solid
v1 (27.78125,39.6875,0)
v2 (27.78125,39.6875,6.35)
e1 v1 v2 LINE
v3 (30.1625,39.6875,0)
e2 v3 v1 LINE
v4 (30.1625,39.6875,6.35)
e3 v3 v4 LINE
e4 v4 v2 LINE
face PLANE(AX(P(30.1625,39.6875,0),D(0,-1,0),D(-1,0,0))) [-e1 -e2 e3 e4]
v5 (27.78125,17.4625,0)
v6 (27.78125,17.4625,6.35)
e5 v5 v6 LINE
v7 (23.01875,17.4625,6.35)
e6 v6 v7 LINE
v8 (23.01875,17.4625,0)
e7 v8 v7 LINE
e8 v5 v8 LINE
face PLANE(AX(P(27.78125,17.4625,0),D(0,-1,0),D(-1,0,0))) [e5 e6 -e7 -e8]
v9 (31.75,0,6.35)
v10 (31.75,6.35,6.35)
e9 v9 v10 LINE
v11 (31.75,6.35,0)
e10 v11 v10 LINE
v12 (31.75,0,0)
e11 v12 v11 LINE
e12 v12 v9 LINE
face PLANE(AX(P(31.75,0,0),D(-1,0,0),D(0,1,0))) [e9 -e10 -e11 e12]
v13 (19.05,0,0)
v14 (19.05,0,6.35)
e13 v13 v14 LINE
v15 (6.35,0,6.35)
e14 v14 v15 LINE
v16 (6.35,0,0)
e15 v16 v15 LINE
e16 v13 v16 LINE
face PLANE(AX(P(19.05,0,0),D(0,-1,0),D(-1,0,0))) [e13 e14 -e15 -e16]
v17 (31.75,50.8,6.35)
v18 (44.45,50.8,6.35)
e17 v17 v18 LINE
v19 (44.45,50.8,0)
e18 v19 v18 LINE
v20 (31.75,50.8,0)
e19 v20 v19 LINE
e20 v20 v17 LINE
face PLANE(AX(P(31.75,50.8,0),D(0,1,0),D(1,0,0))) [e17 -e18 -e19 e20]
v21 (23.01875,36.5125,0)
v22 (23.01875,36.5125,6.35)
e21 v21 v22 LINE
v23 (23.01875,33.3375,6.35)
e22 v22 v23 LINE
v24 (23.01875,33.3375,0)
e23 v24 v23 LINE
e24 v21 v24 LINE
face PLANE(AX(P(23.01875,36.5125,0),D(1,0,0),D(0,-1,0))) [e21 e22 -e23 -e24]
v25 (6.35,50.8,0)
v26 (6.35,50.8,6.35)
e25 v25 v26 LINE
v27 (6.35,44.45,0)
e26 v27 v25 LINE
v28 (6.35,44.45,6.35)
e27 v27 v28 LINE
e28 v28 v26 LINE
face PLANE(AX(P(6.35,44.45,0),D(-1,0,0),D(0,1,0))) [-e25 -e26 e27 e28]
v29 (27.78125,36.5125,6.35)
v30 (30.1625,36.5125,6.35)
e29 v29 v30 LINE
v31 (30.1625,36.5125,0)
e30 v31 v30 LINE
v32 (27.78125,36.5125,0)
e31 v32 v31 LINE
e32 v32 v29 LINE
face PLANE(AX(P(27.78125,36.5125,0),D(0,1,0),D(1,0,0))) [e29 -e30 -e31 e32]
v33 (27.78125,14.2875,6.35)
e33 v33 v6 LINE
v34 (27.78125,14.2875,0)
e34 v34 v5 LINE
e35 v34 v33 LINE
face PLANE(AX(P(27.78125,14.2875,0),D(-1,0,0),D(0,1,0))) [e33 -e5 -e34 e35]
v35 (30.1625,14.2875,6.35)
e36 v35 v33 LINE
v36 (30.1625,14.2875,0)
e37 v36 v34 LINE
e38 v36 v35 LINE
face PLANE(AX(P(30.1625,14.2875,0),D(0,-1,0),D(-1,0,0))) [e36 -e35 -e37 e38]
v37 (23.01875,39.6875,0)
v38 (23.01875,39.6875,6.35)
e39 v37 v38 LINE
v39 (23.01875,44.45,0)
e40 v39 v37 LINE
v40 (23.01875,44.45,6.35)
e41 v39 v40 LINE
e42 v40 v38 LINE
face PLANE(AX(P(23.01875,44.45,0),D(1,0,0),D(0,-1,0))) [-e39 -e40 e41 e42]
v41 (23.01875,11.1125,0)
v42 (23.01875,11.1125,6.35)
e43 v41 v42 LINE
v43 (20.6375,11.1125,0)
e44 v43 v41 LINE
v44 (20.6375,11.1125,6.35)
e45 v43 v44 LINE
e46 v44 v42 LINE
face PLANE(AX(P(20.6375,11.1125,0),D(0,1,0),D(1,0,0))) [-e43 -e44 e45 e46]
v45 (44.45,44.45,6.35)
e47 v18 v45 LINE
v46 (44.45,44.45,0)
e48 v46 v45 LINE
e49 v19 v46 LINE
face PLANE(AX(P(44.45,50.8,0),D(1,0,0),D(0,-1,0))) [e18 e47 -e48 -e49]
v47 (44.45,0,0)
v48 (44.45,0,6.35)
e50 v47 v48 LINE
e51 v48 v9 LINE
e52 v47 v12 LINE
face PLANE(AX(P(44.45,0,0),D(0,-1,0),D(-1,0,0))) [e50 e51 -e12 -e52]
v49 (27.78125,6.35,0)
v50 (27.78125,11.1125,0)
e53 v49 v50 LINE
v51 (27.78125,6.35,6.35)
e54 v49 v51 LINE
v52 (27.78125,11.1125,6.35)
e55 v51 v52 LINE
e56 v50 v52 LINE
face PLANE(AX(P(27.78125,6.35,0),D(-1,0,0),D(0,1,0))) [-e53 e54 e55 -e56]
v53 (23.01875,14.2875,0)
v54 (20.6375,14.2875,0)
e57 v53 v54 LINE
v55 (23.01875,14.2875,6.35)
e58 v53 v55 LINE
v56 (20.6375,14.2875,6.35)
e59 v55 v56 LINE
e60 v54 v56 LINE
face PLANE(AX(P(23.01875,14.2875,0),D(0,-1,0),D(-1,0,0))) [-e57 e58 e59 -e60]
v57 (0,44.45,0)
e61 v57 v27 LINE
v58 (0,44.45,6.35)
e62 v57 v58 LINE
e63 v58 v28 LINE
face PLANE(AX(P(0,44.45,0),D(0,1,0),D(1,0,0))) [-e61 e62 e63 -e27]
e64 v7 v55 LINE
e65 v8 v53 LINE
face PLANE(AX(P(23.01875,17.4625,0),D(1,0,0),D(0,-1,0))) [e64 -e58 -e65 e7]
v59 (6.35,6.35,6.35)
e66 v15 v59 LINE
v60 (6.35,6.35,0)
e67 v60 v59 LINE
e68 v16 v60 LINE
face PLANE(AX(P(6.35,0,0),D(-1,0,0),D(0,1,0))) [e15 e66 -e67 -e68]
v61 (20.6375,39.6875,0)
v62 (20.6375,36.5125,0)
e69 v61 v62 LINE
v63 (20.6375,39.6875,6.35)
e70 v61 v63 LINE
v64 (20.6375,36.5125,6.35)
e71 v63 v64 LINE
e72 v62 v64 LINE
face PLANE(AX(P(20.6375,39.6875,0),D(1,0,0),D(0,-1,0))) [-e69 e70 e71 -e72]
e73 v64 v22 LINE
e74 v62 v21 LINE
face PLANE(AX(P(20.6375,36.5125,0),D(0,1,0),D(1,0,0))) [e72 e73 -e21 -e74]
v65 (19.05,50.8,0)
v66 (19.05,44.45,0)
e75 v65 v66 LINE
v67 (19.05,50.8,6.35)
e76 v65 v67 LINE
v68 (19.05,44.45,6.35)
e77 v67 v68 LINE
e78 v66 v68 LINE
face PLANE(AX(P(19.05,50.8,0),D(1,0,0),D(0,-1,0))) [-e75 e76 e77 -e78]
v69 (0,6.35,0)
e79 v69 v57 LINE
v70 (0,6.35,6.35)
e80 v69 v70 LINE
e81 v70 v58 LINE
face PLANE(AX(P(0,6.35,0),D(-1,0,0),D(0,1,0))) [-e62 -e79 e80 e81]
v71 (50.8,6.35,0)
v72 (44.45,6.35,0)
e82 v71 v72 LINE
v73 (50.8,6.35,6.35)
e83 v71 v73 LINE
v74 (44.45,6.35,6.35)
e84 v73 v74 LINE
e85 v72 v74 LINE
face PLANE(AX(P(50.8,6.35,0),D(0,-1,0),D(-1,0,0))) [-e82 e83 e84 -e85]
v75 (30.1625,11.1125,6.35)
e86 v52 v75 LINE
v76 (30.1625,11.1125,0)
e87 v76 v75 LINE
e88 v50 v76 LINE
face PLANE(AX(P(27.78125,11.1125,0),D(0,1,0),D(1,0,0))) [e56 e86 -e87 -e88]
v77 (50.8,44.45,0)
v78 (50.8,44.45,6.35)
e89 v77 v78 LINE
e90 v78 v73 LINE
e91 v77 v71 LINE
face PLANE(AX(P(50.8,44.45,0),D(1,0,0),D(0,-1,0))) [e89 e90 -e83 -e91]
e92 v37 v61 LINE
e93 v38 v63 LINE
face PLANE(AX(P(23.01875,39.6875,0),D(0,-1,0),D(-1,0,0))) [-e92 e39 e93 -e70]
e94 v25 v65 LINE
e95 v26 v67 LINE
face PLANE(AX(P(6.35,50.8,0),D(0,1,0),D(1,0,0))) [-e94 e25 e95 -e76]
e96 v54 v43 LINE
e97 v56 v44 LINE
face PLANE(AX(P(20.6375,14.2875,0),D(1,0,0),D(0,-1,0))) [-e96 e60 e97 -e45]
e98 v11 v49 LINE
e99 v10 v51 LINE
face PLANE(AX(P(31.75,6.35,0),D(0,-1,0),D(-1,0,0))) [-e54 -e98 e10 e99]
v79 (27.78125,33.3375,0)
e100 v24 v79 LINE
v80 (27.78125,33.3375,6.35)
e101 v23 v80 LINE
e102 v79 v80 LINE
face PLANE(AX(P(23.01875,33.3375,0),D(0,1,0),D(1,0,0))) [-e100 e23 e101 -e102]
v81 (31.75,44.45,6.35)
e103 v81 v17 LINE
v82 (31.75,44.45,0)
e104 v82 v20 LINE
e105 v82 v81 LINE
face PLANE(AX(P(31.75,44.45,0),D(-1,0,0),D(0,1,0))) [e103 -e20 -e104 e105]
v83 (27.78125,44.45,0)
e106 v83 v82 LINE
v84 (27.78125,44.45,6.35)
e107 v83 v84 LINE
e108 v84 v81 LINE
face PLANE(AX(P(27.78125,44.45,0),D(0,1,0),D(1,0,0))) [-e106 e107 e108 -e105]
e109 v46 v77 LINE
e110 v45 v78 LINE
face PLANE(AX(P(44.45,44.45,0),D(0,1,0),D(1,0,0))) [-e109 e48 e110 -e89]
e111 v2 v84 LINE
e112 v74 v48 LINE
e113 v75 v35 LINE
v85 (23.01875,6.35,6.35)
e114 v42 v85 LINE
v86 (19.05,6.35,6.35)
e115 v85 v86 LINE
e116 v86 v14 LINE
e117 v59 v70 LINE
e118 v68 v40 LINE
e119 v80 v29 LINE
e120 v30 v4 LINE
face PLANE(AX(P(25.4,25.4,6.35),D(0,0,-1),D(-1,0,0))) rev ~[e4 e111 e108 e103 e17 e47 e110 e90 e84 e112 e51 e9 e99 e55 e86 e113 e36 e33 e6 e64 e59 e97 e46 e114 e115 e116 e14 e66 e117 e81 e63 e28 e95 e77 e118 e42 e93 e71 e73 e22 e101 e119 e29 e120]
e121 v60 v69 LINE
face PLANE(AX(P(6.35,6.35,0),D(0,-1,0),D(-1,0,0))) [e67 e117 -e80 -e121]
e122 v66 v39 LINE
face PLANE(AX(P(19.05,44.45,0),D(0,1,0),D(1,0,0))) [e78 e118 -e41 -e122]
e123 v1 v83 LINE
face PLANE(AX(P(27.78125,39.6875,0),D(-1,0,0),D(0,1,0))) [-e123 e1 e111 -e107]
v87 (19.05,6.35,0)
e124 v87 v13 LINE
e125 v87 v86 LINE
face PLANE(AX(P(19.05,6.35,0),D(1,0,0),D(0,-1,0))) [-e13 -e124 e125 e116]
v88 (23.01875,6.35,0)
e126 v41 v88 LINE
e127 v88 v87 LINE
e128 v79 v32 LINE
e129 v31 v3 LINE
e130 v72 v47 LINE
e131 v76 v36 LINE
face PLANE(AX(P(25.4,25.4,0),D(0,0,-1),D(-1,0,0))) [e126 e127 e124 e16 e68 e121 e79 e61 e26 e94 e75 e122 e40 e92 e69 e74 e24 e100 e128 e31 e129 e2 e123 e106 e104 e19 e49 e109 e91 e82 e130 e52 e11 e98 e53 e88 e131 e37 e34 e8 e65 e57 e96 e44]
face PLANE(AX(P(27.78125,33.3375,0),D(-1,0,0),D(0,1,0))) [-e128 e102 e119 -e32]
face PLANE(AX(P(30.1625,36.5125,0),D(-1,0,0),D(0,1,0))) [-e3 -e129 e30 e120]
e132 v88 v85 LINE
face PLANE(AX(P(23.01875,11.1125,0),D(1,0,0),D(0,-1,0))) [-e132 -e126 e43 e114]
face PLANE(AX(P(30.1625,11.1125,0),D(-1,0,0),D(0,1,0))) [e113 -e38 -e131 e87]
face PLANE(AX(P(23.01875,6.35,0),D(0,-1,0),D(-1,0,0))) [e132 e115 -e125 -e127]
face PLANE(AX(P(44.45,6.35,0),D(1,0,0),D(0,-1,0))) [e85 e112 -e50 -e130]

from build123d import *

# Parameters (mm, degrees)
BOSS_EXTRUDE1_DEPTH = 6.35


with BuildPart() as part:
    # Sketch1 → Boss-Extrude1 (new body)
    with BuildSketch(Plane.XY):
        Polygon((27.78125, 44.45), (31.75, 44.45), (31.75, 50.8), (44.45, 50.8), (44.45, 44.45), (50.8, 44.45), (50.8, 6.35), (44.45, 6.35), (44.45, 0), (31.75, 0), (31.75, 6.35), (27.78125, 6.35), (27.78125, 11.1125), (30.1625, 11.1125), (30.1625, 14.2875), (27.78125, 14.2875), (27.78125, 17.4625), (23.01875, 17.4625), (23.01875, 14.2875), (20.6375, 14.2875), (20.6375, 11.1125), (23.01875, 11.1125), (23.01875, 6.35), (19.05, 6.35), (19.05, 0), (6.35, 0), (6.35, 6.35), (0, 6.35), (0, 44.45), (6.35, 44.45), (6.35, 50.8), (19.05, 50.8), (19.05, 44.45), (23.01875, 44.45), (23.01875, 39.6875), (20.6375, 39.6875), (20.6375, 36.5125), (23.01875, 36.5125), (23.01875, 33.3375), (27.78125, 33.3375), (27.78125, 36.5125), (30.1625, 36.5125), (30.1625, 39.6875), (27.78125, 39.6875), align=None)
    extrude(amount=BOSS_EXTRUDE1_DEPTH)


solid = part.part
